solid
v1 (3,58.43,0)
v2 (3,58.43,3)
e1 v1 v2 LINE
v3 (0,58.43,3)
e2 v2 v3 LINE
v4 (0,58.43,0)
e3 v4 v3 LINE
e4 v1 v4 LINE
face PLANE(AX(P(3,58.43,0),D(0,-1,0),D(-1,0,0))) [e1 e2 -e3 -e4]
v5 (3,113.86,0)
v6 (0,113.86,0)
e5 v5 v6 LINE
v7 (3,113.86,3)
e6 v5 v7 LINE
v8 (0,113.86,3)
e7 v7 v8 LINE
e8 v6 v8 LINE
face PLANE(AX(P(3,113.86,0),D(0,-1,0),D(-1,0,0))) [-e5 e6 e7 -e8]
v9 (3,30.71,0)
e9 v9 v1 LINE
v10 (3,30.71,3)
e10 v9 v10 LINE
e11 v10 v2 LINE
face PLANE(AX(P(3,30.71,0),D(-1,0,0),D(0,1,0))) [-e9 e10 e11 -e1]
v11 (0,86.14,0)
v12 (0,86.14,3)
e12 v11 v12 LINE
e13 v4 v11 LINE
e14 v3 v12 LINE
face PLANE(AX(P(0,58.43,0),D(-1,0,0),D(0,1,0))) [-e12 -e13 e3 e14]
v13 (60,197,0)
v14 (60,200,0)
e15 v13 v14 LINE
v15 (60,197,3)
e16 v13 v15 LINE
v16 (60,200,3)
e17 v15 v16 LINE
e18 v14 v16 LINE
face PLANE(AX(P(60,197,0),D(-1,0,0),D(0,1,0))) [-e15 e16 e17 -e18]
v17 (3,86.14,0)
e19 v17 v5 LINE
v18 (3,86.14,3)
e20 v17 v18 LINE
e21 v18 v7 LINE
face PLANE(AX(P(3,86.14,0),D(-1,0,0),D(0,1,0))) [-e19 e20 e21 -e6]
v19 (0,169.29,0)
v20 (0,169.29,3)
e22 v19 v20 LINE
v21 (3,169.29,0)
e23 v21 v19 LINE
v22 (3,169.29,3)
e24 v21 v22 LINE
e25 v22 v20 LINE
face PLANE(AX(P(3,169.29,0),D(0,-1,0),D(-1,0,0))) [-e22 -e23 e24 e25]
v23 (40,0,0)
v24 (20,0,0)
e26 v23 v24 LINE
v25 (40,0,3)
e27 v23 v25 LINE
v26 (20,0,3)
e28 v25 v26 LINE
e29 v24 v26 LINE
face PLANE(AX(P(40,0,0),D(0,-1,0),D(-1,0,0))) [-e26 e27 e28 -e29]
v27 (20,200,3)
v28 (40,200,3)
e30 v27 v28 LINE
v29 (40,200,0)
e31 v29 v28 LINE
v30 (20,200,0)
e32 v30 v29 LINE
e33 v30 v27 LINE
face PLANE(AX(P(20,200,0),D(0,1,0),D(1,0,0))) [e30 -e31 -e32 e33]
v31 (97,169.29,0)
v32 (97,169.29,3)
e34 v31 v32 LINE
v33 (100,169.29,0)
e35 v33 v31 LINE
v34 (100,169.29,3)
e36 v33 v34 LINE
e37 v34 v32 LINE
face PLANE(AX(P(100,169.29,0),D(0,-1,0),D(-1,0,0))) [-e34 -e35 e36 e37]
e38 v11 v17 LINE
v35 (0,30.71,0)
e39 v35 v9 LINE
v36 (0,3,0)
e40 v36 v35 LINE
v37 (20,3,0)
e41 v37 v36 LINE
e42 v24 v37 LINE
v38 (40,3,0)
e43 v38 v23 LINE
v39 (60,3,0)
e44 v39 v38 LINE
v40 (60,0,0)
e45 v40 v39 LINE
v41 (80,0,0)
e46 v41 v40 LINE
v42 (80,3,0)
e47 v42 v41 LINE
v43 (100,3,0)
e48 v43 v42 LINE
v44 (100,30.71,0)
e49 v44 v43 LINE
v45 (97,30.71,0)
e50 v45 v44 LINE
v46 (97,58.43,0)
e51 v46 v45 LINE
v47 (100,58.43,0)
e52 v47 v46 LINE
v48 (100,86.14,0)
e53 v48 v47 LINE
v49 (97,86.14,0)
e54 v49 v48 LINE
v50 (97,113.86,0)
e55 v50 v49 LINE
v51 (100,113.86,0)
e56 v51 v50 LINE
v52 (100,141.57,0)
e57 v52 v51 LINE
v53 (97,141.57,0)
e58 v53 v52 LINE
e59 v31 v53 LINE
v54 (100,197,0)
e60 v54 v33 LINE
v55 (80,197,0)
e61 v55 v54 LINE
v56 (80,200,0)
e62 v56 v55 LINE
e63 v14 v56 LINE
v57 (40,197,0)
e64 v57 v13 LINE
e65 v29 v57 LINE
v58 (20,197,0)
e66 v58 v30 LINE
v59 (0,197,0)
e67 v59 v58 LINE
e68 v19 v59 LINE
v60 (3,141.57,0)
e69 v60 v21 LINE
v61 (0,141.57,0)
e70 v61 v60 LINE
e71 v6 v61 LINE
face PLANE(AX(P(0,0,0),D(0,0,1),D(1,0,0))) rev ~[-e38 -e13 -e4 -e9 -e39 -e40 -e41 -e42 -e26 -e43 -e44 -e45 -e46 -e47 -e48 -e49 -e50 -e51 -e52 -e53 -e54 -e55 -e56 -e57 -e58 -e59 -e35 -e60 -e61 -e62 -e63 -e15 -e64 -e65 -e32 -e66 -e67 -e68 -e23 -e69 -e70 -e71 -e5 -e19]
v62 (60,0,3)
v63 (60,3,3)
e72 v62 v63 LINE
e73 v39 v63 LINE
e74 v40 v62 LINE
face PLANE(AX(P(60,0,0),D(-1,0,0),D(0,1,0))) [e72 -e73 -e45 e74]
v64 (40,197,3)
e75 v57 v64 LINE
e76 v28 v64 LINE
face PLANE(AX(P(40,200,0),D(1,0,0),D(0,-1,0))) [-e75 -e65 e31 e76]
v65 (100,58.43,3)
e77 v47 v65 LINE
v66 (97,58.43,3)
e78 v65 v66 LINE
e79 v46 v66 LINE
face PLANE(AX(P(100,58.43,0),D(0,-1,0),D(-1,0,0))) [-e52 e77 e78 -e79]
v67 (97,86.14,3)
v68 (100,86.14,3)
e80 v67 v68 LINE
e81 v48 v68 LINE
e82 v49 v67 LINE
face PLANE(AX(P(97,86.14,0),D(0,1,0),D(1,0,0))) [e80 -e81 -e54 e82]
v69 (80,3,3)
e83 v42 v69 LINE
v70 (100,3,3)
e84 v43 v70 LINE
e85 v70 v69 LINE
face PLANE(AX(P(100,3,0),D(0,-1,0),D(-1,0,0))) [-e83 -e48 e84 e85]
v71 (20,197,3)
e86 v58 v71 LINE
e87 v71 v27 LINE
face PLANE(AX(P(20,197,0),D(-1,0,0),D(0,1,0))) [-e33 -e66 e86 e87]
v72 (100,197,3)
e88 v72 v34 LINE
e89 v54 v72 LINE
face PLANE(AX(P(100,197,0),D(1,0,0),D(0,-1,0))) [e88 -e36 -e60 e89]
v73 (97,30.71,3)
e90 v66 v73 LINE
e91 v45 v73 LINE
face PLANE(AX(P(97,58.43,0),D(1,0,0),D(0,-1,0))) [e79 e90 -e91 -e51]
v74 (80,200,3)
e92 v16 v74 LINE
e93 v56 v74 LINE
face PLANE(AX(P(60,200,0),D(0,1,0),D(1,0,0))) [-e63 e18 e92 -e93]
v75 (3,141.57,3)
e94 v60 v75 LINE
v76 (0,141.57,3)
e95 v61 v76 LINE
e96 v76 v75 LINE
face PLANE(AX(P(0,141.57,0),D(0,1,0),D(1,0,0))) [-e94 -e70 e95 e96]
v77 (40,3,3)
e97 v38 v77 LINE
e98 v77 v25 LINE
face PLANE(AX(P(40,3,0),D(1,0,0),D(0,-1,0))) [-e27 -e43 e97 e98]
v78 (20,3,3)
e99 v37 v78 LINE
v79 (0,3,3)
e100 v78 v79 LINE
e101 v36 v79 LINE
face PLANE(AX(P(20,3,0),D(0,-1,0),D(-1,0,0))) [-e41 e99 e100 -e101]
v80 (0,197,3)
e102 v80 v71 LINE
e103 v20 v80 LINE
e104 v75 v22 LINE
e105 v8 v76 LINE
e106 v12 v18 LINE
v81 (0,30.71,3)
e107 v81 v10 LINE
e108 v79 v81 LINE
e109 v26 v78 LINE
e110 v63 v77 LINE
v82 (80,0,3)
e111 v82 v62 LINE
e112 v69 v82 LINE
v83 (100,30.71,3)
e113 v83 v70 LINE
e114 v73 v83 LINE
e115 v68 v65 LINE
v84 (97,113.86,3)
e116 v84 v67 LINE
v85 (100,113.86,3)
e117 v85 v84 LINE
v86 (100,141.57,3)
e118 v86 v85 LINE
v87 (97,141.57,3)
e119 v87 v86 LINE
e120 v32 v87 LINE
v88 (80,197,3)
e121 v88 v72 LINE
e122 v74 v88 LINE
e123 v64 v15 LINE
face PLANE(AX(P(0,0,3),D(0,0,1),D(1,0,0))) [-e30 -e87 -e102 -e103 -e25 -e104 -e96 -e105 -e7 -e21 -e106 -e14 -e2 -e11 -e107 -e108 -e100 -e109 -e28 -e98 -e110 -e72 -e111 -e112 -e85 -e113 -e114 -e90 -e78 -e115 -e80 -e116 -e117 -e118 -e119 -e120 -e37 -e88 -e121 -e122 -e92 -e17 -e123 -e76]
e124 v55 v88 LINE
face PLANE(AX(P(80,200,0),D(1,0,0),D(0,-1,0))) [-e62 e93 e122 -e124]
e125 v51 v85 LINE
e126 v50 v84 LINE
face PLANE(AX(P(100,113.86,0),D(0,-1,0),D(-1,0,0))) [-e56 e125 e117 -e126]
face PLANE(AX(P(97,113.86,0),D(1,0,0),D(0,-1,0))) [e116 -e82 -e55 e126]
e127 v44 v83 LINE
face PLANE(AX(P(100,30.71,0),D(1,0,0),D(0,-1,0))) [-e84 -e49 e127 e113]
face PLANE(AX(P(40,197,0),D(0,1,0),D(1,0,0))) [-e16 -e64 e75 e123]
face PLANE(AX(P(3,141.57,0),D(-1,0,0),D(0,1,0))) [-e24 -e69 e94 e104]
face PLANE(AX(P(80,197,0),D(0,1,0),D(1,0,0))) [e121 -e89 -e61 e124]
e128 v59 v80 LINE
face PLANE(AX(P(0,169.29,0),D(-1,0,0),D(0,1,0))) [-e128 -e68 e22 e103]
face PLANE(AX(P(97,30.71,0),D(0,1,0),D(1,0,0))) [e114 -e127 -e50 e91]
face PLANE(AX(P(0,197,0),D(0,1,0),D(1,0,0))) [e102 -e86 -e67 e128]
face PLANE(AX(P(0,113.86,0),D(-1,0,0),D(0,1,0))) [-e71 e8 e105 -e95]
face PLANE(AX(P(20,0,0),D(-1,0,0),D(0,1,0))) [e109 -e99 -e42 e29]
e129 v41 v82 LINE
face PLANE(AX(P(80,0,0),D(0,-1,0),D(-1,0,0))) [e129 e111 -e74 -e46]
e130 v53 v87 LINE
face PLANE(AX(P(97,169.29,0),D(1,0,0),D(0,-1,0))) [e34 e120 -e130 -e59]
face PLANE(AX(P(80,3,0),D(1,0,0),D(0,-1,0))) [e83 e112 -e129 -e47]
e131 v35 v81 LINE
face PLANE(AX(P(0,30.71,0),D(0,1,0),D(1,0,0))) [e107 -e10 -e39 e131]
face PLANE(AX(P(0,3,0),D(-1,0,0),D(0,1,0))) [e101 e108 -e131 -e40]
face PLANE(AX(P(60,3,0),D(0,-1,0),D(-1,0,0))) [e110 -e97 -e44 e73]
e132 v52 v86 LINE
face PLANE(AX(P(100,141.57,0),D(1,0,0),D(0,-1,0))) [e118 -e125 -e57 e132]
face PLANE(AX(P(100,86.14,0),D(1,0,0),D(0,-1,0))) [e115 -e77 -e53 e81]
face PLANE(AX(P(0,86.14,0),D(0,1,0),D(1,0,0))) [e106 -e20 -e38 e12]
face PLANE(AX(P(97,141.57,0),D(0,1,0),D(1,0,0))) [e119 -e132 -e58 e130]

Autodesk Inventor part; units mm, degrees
ref_plane "YZ Plane" through (0, 0, 0) normal (1, 0, 0) x (0, 1, 0)
ref_plane "XZ Plane" through (0, 0, 0) normal (0, 1, 0) x (-1, 0, 0)
ref_plane "XY Plane" through (0, 0, 0) normal (0, 0, 1) x (1, 0, 0)
sketch "Boceto1" plane through (0, 0, 0) normal (0, 0, 1) x (1, 0, 0)
  line L0 (20, 0) -> (20, 3)
  line L1 (20, 3) -> (0, 3)
  line L2 (0, 3) -> (0, 30.71)
  line L3 (0, 30.71) -> (3, 30.71)
  line L4 (3, 30.71) -> (3, 58.43)
  line L5 (3, 58.43) -> (0, 58.43)
  line L6 (0, 58.43) -> (0, 86.14)
  line L7 (0, 86.14) -> (3, 86.14)
  line L8 (3, 86.14) -> (3, 113.86)
  line L9 (3, 113.86) -> (0, 113.86)
  line L10 (0, 113.86) -> (0, 141.57)
  line L11 (0, 141.57) -> (3, 141.57)
  line L12 (3, 141.57) -> (3, 169.29)
  line L13 (3, 169.29) -> (0, 169.29)
  line L14 (0, 169.29) -> (0, 197)
  line L15 (0, 197) -> (20, 197)
  line L16 (20, 197) -> (20, 200)
  line L17 (20, 200) -> (40, 200)
  line L18 (40, 200) -> (40, 197)
  line L19 (40, 197) -> (60, 197)
  line L20 (60, 197) -> (60, 200)
  line L21 (60, 200) -> (80, 200)
  line L22 (80, 200) -> (80, 197)
  line L23 (80, 197) -> (100, 197)
  line L24 (100, 197) -> (100, 169.29)
  line L25 (100, 169.29) -> (97, 169.29)
  line L26 (97, 169.29) -> (97, 141.57)
  line L27 (97, 141.57) -> (100, 141.57)
  line L28 (100, 141.57) -> (100, 113.86)
  line L29 (100, 113.86) -> (97, 113.86)
  line L30 (97, 113.86) -> (97, 86.14)
  line L31 (97, 86.14) -> (100, 86.14)
  line L32 (100, 86.14) -> (100, 58.43)
  line L33 (100, 58.43) -> (97, 58.43)
  line L34 (97, 58.43) -> (97, 30.71)
  line L35 (97, 30.71) -> (100, 30.71)
  line L36 (100, 30.71) -> (100, 3)
  line L37 (100, 3) -> (80, 3)
  line L38 (80, 3) -> (80, 0)
  line L39 (80, 0) -> (60, 0)
  line L40 (60, 0) -> (60, 3)
  line L41 (60, 3) -> (40, 3)
  line L42 (40, 3) -> (40, 0)
  line L43 (40, 0) -> (20, 0)
  point P0 (0, 0)
  dimension "d0" = 3
  dimension "d1" = 27.71
  dimension "d2" = 3
  dimension "d3" = 27.72
  dimension "d4" = 3
  dimension "d5" = 27.71
  dimension "d6" = 3
  dimension "d7" = 27.72
  dimension "d8" = 3
  dimension "d9" = 27.71
  dimension "d10" = 3
  dimension "d11" = 27.72
  dimension "d12" = 3
  dimension "d13" = 27.71
  dimension "d14" = 20
  dimension "d16" = 20
  dimension "d18" = 20
  dimension "d20" = 20
  dimension "d22" = 20
  dimension "d23" = 27.71
  dimension "d24" = 3
  dimension "d25" = 27.72
  dimension "d26" = 3
  dimension "d27" = 27.71
  dimension "d28" = 3
  dimension "d29" = 27.72
  dimension "d30" = 3
  dimension "d31" = 27.71
  dimension "d32" = 3
  dimension "d33" = 27.72
  dimension "d34" = 3
  dimension "d35" = 20
  dimension "d39" = 20
  dimension "d46" = 3
  dimension "d47" = 27.71
  dimension "d50" = 3
extrude "Extrusión1" add sketch "Boceto1" along normal blind 3
properties part number "Costados pequeños" material "Madera (roble)"
